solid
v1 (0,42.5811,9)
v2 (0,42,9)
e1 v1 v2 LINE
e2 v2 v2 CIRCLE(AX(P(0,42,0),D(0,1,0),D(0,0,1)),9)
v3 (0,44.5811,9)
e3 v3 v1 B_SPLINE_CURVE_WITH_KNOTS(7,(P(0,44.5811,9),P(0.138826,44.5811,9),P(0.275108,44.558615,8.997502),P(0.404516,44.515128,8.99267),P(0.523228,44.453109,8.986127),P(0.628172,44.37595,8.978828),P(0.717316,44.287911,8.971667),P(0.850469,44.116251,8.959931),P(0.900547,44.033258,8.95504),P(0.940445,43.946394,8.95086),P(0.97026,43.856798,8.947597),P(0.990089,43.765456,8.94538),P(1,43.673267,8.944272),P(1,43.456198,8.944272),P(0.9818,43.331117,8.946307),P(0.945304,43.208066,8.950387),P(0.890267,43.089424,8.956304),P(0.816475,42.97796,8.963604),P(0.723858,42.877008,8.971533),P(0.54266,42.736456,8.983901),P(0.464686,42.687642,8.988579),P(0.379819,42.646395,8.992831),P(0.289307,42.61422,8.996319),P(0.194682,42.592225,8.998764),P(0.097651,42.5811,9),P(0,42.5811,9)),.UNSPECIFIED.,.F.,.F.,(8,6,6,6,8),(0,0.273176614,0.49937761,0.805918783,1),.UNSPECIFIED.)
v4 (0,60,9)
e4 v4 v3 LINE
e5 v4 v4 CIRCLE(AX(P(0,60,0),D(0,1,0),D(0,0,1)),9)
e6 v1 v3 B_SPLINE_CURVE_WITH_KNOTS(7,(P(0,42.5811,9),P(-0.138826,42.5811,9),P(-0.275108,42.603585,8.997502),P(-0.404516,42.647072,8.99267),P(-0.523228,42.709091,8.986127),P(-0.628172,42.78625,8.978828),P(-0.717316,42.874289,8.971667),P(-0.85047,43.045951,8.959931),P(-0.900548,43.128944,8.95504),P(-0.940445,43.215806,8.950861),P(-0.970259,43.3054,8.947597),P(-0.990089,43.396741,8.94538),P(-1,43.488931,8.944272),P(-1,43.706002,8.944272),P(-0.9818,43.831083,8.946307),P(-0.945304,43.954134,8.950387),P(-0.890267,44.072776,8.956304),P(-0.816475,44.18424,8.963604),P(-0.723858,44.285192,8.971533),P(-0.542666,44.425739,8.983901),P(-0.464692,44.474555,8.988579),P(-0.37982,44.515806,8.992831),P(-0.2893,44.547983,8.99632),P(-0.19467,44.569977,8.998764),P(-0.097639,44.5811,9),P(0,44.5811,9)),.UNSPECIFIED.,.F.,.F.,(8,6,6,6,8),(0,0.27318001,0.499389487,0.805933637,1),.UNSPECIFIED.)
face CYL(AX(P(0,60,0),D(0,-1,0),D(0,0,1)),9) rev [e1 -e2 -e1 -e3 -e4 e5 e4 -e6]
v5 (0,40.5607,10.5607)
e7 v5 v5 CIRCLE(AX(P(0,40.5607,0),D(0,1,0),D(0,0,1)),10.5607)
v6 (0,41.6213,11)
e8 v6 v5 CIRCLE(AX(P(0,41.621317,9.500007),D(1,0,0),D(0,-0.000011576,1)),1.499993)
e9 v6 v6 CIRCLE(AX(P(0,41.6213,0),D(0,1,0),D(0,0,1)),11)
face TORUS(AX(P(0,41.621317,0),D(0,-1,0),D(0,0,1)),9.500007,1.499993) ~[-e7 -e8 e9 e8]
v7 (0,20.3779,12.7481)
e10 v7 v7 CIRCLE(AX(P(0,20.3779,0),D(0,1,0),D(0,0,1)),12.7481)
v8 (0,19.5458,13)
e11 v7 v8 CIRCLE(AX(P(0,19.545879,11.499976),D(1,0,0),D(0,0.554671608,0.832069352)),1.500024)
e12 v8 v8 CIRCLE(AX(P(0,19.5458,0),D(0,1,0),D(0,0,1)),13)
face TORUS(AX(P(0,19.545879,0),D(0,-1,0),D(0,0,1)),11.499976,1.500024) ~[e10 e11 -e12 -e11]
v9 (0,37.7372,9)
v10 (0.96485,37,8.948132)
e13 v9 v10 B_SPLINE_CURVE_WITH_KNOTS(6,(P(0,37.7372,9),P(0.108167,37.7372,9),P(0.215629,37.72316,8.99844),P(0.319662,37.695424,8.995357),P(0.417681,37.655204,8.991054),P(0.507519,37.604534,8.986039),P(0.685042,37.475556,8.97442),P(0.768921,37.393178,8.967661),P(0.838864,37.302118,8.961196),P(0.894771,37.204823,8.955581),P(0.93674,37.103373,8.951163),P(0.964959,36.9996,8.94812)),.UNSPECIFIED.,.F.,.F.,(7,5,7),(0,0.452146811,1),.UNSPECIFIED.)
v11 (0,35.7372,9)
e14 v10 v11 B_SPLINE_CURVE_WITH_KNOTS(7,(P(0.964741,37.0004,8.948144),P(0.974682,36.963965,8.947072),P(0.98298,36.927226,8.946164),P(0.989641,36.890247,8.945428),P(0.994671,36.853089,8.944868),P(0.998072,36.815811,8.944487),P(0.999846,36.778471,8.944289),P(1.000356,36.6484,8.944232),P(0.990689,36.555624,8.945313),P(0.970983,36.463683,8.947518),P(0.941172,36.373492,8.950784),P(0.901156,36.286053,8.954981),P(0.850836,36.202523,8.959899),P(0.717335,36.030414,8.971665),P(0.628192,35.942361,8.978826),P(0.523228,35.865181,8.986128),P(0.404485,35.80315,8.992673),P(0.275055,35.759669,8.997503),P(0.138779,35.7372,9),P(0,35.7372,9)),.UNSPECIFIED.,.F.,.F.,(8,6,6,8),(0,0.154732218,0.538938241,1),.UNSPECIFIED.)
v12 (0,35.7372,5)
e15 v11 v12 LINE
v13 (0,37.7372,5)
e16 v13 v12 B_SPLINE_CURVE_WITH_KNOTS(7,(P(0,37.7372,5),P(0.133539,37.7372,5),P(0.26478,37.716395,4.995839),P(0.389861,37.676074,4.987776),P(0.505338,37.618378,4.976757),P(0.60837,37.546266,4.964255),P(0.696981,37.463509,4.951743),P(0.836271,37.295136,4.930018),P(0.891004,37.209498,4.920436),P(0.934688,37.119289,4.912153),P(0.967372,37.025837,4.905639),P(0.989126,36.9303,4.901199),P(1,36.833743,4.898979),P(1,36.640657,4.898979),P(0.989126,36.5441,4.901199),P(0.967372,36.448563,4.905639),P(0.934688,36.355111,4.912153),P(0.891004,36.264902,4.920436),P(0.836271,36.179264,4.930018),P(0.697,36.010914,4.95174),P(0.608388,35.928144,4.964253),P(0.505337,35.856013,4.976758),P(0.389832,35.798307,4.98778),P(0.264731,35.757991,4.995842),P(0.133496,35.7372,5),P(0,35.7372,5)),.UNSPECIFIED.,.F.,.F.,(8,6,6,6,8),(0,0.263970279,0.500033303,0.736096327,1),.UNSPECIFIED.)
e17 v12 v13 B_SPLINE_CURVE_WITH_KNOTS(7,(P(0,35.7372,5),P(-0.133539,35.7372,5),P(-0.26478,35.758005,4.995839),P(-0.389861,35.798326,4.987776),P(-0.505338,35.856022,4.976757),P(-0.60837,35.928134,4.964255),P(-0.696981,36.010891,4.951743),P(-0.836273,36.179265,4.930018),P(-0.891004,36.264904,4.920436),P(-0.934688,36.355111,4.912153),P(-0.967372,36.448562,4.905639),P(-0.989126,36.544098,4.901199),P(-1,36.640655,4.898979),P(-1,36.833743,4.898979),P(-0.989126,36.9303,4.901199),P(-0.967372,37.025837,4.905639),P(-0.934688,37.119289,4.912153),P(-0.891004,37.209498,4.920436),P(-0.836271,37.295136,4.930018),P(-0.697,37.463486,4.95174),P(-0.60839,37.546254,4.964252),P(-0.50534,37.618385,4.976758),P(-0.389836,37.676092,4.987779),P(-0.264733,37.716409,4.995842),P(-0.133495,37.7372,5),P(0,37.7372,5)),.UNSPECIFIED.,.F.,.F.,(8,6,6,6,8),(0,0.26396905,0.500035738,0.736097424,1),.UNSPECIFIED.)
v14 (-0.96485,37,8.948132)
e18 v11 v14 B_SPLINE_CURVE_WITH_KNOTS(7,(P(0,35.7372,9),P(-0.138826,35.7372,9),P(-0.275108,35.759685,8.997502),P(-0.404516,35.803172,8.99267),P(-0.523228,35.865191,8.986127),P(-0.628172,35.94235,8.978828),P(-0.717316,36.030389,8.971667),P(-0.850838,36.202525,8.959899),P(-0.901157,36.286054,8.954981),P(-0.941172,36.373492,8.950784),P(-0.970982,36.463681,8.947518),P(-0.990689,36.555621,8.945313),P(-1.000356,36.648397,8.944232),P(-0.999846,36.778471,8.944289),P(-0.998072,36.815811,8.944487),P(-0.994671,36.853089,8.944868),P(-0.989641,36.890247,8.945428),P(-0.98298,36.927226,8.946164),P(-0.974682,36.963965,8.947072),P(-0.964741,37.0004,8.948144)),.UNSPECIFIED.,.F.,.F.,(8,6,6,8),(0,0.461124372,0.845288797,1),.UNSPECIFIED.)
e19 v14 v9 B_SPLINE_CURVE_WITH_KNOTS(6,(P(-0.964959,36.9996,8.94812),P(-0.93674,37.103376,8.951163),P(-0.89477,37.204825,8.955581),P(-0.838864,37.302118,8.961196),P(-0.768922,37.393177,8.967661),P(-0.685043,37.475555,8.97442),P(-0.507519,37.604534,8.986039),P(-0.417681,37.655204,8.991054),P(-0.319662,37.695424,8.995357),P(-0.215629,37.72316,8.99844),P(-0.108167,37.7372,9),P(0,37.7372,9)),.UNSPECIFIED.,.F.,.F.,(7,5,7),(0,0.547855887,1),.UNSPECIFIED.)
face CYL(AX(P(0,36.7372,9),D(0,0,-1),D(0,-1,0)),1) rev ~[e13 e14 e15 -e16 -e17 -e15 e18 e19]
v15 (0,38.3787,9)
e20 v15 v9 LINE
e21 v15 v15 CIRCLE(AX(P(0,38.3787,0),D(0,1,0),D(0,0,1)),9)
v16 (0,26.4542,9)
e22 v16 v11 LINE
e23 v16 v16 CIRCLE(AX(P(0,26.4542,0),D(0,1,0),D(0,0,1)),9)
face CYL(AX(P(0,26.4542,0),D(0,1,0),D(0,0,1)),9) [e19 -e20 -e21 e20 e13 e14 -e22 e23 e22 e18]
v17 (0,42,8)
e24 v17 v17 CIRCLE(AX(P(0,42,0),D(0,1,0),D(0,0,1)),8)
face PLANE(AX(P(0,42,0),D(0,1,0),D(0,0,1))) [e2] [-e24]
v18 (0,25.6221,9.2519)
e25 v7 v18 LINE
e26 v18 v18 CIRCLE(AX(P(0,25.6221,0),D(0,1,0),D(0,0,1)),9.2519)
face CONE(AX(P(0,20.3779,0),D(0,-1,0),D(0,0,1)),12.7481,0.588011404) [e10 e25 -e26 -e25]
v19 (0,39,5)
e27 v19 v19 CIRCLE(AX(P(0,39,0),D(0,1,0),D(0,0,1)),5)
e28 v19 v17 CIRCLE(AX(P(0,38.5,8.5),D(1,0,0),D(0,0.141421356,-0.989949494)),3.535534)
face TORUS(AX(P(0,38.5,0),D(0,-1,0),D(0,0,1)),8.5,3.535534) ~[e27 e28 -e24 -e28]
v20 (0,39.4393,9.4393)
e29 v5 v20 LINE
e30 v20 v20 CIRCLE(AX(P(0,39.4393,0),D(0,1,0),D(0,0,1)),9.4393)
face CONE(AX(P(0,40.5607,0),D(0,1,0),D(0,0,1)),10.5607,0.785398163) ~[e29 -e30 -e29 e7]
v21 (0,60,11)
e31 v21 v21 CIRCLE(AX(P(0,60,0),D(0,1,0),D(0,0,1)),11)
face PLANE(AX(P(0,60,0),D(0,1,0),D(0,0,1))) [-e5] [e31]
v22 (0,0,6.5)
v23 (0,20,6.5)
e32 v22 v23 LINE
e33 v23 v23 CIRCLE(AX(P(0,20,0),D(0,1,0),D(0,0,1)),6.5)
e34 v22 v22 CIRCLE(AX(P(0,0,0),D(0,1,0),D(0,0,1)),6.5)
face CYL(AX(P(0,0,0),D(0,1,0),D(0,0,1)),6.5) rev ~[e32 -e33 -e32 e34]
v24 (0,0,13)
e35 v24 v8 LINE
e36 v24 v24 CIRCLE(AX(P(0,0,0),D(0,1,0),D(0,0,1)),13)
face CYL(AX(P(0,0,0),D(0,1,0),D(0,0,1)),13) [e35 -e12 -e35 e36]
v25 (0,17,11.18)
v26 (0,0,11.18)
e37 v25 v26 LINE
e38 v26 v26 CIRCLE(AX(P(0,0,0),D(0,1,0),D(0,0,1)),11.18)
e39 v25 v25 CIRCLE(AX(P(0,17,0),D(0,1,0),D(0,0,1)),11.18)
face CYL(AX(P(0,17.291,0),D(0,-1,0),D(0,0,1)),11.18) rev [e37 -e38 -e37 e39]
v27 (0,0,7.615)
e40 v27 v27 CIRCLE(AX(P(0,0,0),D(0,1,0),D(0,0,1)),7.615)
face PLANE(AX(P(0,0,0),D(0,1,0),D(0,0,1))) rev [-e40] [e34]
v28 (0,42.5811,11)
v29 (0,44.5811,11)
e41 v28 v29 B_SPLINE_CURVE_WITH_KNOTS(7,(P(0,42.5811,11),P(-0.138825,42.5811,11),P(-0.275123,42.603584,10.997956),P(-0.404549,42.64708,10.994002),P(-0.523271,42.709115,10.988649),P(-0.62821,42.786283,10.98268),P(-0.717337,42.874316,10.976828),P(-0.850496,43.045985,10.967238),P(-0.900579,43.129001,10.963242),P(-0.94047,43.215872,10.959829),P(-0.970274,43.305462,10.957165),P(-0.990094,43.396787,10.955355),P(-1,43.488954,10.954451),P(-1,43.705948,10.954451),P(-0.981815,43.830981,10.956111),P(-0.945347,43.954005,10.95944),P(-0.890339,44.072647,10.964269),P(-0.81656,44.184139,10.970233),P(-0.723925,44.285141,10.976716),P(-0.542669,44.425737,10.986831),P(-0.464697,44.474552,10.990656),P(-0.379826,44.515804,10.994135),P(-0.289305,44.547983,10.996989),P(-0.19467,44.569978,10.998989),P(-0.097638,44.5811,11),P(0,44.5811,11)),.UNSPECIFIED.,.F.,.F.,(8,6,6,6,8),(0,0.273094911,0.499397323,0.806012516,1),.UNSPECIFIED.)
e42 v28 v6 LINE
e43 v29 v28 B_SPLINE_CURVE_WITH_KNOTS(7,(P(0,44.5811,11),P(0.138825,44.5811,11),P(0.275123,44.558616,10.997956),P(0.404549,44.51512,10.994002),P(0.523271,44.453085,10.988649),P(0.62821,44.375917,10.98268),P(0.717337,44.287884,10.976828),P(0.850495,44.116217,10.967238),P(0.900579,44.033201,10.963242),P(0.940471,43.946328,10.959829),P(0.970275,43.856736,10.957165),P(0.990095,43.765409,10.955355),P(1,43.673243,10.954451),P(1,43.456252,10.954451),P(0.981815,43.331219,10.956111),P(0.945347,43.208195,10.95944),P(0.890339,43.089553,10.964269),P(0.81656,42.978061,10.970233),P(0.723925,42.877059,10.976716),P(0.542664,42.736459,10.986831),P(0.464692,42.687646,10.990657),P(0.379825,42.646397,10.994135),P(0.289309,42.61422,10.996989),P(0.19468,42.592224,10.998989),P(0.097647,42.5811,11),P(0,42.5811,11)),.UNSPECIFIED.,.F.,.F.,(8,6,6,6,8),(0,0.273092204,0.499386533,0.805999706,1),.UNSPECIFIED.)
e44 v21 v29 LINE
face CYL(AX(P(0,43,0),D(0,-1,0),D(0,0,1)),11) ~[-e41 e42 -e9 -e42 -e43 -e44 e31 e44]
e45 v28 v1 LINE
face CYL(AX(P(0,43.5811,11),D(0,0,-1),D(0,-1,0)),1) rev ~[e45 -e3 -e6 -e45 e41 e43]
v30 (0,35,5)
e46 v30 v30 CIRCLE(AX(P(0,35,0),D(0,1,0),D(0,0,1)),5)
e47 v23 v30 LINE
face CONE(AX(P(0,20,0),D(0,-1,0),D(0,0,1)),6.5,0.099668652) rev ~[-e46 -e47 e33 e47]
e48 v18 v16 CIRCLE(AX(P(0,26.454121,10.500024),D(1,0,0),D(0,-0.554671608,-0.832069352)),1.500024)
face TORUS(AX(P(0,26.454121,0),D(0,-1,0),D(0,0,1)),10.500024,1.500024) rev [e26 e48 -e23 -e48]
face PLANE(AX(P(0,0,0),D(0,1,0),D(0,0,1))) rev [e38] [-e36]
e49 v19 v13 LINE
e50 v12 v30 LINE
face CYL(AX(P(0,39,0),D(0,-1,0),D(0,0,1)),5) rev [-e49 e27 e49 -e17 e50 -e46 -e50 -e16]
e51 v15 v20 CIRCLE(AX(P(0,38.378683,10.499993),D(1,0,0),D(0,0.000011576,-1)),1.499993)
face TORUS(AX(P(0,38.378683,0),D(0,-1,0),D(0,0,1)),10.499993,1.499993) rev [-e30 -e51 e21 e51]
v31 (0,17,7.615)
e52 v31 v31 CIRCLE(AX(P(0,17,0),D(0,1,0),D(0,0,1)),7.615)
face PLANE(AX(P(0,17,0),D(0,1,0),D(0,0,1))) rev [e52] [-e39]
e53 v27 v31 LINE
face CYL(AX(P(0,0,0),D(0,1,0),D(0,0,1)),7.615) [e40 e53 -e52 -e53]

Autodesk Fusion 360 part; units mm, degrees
sketch "Skizze1" plane through (0, 0, 0) normal (1, 0, 0) x (0, 0, -1)
  line L0 (-13, 0) -> (-13, 19)
  line L1 (-11.18, 17.291) -> (-11.18, 0)
  line L2 (-11.18, 0) -> (-13, 0)
  line L3 (0, 0) -> (-7.615, 0)
  line L4 (-7.615, 0) -> (-6.5, 0)
  line L5 (-7.615, 0) -> (-7.615, 17)
  line L6 (-7.615, 17) -> (-11.18, 17)
  line L7 (-6.5, 0) -> (-6.5, 20)
  line L8 (0, 0) -> (0, 53.458)
  line L9 (-6.5, 20) -> (-5, 35)
  line L10 (-11, 60) -> (-11, 43)
  line L11 (-13, 19) -> (-13, 19.5458)
  line L12 (-11, 60) -> (-9, 60)
  line L13 (-9, 60) -> (-9, 42)
  arc A0 (-5, 39) -> (-8, 42) centre (-8.5, 38.5) ccw
  line L14 (-9, 42) -> (-8, 42)
  line L15 (-5, 39) -> (-5, 35)
  line L16 (-12.7481, 20.3779) -> (-11, 23)
  line L17 (-11, 23) -> (-9.2519, 25.6221)
  line L18 (-9, 26.4542) -> (-9, 37)
  line L19 (-11, 43) -> (-11, 41.6213)
  line L20 (-10.5607, 40.5607) -> (-9.4393, 39.4393)
  line L21 (-9, 38.3787) -> (-9, 37)
  arc A1 (-11, 41.6213) -> (-10.5607, 40.5607) centre (-9.5, 41.6213) ccw
  arc A2 (-9, 38.3787) -> (-9.4393, 39.4393) centre (-10.5, 38.3787) ccw
  arc A3 (-9.2519, 25.6221) -> (-9, 26.4542) centre (-10.5, 26.4542) ccw
  arc A4 (-12.7481, 20.3779) -> (-13, 19.5458) centre (-11.5, 19.5458) ccw
  dimension "d3" = 7.615
  dimension "d4" = 1.115
  dimension "d7" = 1.5
revolve "Drehen1" add sketch "Skizze1" angle 360 about axis through (0, 0, 0) along (0, 1, 0)
hole "Bohrung1" at (0, 36.7372, 9) direction (0, 0, -1) diameter 2 depth 9 tip angle 118
hole "Bohrung2" at (0, 43.5811, 11) direction (0, 0, -1) diameter 2 depth 9 tip angle 118
